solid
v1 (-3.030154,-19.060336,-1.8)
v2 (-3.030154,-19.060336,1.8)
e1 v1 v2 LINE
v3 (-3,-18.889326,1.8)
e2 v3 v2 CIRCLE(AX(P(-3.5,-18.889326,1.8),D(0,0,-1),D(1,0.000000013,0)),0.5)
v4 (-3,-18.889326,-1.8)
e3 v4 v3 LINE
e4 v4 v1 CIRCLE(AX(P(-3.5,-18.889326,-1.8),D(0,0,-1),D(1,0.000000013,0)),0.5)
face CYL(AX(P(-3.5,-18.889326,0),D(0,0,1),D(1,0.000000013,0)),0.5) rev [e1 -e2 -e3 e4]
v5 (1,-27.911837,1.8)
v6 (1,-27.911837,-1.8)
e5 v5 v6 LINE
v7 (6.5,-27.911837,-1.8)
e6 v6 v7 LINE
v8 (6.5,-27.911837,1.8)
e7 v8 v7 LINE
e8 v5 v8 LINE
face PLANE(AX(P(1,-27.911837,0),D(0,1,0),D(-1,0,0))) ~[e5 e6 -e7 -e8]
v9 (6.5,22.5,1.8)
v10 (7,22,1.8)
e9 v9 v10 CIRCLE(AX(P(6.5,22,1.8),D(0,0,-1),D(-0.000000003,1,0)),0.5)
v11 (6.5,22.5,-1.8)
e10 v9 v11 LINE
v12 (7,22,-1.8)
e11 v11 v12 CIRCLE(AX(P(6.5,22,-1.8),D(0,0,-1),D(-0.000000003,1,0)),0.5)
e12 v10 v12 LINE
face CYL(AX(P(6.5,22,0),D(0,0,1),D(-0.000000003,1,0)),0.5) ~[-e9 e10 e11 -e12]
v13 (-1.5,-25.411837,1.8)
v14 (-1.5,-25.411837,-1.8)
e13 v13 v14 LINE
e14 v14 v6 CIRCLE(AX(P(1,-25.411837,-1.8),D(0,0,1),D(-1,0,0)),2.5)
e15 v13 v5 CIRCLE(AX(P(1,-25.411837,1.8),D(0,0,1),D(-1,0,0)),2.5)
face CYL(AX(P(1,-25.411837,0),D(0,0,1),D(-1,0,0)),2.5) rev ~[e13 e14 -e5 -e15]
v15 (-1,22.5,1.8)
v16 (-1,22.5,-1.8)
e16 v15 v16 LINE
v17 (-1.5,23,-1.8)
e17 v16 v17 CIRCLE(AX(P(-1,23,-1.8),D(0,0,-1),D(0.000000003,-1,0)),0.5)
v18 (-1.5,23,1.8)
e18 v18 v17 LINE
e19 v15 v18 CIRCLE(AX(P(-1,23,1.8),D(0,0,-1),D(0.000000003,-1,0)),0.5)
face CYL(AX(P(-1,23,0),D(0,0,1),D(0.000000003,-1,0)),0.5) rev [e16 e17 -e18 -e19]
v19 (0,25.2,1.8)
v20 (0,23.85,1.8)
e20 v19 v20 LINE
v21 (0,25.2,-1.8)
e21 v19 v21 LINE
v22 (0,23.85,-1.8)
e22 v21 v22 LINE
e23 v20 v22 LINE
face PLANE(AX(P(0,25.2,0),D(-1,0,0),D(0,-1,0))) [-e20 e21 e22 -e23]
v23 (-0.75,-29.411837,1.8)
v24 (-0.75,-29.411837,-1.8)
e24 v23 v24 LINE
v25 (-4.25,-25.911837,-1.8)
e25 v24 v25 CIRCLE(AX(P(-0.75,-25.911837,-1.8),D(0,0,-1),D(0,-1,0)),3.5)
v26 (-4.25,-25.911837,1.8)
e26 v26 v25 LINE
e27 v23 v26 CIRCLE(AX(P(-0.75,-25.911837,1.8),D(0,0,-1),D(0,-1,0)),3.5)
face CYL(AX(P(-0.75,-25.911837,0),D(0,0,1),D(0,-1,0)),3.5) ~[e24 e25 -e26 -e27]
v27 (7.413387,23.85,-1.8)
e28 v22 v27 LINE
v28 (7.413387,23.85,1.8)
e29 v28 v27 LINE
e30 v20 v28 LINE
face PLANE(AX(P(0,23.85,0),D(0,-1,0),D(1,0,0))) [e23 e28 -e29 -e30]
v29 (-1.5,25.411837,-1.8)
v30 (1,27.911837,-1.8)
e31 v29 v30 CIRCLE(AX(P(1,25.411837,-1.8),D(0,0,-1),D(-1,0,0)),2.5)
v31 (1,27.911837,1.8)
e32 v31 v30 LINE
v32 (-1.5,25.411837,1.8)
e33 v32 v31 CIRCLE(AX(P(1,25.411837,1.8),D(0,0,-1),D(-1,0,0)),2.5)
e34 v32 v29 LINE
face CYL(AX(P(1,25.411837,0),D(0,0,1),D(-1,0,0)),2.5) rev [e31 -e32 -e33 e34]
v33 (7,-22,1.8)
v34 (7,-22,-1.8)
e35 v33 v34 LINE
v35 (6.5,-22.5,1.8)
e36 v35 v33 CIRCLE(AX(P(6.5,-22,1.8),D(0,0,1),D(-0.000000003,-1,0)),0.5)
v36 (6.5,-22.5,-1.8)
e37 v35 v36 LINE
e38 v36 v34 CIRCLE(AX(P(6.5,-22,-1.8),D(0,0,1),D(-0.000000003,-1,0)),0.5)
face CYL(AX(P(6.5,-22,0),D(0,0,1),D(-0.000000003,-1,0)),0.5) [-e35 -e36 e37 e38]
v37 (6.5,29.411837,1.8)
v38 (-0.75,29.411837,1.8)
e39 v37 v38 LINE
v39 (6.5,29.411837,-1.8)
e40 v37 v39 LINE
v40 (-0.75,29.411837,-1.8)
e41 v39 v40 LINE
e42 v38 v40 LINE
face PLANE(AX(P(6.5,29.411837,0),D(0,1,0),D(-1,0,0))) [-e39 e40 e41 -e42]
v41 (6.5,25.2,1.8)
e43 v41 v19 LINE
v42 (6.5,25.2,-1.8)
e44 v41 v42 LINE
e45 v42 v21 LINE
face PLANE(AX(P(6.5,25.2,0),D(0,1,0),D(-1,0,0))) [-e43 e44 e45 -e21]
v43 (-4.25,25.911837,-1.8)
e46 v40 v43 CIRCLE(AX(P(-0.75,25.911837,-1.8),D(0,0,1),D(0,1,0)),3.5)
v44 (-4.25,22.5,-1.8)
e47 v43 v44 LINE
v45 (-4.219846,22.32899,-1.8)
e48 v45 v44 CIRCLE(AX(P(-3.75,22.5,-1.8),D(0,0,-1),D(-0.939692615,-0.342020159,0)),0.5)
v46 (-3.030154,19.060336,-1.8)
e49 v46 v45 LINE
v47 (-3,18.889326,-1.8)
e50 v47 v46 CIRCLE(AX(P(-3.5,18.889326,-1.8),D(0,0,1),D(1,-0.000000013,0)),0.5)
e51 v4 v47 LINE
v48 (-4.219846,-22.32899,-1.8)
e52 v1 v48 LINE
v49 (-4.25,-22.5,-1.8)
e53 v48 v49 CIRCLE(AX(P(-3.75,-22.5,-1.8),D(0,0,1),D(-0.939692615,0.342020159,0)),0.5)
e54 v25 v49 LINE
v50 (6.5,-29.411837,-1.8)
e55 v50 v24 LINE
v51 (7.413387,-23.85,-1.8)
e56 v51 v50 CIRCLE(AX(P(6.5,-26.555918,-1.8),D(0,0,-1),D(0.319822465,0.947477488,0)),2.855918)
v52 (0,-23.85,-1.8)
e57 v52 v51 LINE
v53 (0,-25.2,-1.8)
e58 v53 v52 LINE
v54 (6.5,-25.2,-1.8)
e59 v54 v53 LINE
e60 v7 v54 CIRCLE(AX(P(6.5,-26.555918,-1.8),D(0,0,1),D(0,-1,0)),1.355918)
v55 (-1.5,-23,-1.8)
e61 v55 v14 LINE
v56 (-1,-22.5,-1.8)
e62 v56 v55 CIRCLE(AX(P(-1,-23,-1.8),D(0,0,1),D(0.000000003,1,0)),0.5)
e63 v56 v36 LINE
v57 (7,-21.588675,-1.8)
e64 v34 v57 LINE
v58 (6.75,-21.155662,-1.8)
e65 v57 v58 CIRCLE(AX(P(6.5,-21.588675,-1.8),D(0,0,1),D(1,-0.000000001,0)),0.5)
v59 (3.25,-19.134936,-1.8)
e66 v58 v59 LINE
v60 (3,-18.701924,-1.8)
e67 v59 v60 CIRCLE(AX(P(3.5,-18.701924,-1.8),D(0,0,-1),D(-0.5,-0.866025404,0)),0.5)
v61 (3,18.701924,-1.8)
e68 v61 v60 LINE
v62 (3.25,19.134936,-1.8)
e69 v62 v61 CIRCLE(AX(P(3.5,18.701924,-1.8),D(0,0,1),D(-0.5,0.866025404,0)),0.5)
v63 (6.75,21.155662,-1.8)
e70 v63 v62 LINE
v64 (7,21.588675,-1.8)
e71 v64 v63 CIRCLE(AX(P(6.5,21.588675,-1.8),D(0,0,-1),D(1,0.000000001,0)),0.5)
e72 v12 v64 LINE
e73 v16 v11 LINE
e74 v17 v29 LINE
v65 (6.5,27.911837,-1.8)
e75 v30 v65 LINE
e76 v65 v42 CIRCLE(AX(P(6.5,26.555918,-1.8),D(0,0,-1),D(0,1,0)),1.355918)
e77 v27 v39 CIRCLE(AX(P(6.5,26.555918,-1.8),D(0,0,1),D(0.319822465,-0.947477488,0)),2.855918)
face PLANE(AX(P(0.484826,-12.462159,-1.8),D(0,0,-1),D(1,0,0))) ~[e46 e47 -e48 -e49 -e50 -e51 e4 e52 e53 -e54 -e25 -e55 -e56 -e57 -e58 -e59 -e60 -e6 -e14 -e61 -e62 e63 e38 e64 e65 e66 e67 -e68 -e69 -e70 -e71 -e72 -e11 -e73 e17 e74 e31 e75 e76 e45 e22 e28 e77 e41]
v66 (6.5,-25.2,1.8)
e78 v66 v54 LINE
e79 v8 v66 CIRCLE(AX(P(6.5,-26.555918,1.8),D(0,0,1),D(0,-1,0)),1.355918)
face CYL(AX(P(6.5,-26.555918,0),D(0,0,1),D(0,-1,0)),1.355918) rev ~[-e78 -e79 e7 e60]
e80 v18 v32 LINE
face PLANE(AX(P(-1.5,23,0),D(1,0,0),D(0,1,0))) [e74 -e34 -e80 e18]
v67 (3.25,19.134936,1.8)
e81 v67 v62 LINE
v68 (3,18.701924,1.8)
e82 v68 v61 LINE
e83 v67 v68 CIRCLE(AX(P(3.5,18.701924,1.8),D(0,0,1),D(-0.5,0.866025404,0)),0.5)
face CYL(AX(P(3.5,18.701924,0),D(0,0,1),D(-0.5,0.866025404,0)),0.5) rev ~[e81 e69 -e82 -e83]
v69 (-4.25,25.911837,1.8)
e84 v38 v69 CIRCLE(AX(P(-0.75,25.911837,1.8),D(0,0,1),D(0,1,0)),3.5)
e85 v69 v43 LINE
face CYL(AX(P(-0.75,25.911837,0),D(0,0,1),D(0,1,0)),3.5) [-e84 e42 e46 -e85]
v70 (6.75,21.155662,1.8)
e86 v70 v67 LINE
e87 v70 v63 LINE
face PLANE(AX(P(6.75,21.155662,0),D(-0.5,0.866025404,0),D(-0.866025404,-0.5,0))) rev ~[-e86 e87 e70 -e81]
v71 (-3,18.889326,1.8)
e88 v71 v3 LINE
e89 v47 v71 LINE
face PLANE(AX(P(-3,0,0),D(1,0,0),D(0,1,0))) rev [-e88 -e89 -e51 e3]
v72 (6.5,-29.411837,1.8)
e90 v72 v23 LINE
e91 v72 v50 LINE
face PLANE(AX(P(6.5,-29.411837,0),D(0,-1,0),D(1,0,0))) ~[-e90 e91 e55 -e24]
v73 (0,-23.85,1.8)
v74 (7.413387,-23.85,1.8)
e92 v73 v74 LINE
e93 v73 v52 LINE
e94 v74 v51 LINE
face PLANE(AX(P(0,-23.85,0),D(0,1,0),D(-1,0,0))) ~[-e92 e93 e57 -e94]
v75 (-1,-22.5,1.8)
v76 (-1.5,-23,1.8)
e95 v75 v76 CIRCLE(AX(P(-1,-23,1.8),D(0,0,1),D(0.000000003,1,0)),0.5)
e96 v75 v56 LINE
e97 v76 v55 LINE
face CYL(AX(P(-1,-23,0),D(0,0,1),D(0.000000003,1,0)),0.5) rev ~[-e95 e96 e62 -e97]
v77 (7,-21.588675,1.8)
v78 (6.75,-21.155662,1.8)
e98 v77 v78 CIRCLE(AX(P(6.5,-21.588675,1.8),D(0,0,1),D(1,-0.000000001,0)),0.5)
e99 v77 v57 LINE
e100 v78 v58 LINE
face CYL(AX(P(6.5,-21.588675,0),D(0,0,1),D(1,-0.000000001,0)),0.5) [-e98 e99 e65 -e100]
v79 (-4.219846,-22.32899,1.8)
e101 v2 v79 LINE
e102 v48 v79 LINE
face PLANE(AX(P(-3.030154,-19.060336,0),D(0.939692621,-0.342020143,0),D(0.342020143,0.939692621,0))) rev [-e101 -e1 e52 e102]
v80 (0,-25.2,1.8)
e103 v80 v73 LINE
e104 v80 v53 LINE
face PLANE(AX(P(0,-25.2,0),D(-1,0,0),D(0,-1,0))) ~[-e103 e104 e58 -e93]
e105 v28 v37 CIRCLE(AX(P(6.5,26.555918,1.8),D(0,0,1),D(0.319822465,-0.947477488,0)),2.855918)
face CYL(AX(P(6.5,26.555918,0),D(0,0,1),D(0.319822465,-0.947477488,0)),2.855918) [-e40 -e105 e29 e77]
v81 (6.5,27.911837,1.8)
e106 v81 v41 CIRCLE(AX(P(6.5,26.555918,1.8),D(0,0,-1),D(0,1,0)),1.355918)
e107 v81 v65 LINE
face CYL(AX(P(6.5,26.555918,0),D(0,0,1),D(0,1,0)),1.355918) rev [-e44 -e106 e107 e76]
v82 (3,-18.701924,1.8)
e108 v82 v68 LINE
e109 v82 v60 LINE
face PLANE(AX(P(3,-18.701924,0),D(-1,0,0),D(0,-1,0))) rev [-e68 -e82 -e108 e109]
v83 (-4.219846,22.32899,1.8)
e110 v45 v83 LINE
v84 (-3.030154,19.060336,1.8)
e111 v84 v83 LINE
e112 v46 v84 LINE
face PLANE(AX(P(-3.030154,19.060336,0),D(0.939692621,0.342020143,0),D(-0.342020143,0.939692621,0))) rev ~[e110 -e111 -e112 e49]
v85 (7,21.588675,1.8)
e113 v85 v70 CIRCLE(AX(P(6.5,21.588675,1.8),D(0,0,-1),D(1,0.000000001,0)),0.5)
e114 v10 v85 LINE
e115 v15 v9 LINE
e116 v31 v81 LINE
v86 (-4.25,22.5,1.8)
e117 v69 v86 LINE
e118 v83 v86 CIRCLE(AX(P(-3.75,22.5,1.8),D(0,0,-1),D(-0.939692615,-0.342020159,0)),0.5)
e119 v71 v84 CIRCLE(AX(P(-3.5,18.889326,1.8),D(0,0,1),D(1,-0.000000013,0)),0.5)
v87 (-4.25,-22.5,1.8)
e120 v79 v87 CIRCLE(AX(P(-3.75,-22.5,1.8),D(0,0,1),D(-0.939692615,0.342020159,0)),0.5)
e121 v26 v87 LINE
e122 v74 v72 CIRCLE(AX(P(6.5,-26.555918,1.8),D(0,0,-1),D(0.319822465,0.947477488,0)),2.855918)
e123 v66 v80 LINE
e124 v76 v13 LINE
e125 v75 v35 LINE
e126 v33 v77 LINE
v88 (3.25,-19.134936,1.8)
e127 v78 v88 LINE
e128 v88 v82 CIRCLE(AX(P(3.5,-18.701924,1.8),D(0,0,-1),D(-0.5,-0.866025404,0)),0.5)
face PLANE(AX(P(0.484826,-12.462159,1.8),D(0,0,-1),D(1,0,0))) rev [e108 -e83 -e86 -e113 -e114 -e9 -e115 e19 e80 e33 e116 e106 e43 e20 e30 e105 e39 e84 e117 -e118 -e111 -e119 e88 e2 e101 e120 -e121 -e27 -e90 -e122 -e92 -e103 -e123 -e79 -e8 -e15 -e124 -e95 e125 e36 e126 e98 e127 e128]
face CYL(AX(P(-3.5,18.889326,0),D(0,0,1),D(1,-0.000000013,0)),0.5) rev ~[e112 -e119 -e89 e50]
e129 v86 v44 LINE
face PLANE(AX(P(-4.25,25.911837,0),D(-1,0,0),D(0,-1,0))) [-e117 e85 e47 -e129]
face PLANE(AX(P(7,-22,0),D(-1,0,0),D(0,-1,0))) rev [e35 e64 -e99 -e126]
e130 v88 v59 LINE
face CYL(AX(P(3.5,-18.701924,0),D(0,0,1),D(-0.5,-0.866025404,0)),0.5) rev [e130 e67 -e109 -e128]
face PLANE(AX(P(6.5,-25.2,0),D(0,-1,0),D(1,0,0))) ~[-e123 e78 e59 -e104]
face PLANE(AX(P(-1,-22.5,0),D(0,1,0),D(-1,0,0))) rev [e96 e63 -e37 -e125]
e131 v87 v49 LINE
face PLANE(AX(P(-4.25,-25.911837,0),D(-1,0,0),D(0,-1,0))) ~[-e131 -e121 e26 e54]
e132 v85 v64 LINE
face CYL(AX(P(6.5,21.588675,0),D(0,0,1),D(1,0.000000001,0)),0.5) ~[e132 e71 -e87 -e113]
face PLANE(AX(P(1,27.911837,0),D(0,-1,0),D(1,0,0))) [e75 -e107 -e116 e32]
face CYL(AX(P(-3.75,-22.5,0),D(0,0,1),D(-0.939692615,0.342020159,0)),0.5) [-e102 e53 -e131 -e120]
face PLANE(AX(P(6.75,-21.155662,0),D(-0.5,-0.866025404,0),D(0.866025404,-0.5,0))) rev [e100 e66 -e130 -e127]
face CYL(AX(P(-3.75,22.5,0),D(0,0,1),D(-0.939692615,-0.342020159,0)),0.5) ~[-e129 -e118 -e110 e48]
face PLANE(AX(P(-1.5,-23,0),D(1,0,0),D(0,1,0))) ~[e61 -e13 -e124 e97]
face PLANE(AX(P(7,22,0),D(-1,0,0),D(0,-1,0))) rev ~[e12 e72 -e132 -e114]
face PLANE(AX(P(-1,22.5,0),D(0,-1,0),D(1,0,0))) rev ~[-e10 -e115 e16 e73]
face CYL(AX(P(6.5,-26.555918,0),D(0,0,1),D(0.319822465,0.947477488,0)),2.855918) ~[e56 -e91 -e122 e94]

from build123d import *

# Parameters (mm, degrees)
BOSS_EXTRUDE1_DEPTH = 1.8


with BuildPart() as part:
    # Sketch1 → Boss-Extrude1 (new, symmetric)
    with BuildSketch(Plane.XY):
        with BuildLine():
            ThreePointArc((-4.21984631, 22.328989928), (-4.242403877, 22.413175911), (-4.25, 22.5))
            Line((-4.25, 22.5), (-1, 22.5))
            Line((-1, 22.5), (6.5, 22.5))
            ThreePointArc((6.5, 22.5), (6.853553391, 22.353553391), (7, 22))
            Line((7, 22), (7, 21.588675135))
            ThreePointArc((7, 21.588675135), (6.933012702, 21.338675135), (6.75, 21.155662433))
            Line((6.75, 21.155662433), (3.25, 19.134936491))
            ThreePointArc((3.25, 19.134936491), (3.066987298, 18.951923789), (3, 18.701923789))
            Line((3, 18.701923789), (3, 0))
            Line((3, 0), (0, 0))
            Line((0, 0), (-3, 0))
            Line((-3, 0), (-3, 18.889326245))
            ThreePointArc((-3, 18.889326245), (-3.007596123, 18.976150334), (-3.03015369, 19.060336317))
            Line((-3.03015369, 19.060336317), (-4.21984631, 22.328989928))
        make_face()
        with BuildLine():
            Line((-4.25, 23.85), (-4.25, 22.5))
            Line((-4.25, 22.5), (-1, 22.5))
            ThreePointArc((-1, 22.5), (-1.353553391, 22.646446609), (-1.5, 23))
            Line((-1.5, 23), (-1.5, 23.85))
            Line((-1.5, 23.85), (-4.25, 23.85))
        make_face()
        with BuildLine():
            Line((-4.25, 25.91183651), (-4.25, 23.85))
            Line((-4.25, 23.85), (-1.5, 23.85))
            Line((-1.5, 23.85), (-1.5, 25.41183651))
            ThreePointArc((-1.5, 25.41183651), (-0.767766953, 27.179603463), (1, 27.91183651))
            Line((1, 27.91183651), (6.5, 27.91183651))
            ThreePointArc((6.5, 27.91183651), (7.855918255, 26.555918255), (6.5, 25.2))
            Line((6.5, 25.2), (0, 25.2))
            Line((0, 25.2), (0, 23.85))
            Line((0, 23.85), (7.413386816, 23.85))
            ThreePointArc((7.413386816, 23.85), (9.318168769, 27.01872909), (6.5, 29.41183651))
            Line((6.5, 29.41183651), (-0.75, 29.41183651))
            ThreePointArc((-0.75, 29.41183651), (-3.224873734, 28.386710244), (-4.25, 25.91183651))
        make_face()
    extrude(amount=BOSS_EXTRUDE1_DEPTH, both=True)

    # Mirror1: part across plane


with BuildPart() as part_1:
    add(part.part)
    add(part.part.mirror(Plane.ZX))


solid = part_1.part
